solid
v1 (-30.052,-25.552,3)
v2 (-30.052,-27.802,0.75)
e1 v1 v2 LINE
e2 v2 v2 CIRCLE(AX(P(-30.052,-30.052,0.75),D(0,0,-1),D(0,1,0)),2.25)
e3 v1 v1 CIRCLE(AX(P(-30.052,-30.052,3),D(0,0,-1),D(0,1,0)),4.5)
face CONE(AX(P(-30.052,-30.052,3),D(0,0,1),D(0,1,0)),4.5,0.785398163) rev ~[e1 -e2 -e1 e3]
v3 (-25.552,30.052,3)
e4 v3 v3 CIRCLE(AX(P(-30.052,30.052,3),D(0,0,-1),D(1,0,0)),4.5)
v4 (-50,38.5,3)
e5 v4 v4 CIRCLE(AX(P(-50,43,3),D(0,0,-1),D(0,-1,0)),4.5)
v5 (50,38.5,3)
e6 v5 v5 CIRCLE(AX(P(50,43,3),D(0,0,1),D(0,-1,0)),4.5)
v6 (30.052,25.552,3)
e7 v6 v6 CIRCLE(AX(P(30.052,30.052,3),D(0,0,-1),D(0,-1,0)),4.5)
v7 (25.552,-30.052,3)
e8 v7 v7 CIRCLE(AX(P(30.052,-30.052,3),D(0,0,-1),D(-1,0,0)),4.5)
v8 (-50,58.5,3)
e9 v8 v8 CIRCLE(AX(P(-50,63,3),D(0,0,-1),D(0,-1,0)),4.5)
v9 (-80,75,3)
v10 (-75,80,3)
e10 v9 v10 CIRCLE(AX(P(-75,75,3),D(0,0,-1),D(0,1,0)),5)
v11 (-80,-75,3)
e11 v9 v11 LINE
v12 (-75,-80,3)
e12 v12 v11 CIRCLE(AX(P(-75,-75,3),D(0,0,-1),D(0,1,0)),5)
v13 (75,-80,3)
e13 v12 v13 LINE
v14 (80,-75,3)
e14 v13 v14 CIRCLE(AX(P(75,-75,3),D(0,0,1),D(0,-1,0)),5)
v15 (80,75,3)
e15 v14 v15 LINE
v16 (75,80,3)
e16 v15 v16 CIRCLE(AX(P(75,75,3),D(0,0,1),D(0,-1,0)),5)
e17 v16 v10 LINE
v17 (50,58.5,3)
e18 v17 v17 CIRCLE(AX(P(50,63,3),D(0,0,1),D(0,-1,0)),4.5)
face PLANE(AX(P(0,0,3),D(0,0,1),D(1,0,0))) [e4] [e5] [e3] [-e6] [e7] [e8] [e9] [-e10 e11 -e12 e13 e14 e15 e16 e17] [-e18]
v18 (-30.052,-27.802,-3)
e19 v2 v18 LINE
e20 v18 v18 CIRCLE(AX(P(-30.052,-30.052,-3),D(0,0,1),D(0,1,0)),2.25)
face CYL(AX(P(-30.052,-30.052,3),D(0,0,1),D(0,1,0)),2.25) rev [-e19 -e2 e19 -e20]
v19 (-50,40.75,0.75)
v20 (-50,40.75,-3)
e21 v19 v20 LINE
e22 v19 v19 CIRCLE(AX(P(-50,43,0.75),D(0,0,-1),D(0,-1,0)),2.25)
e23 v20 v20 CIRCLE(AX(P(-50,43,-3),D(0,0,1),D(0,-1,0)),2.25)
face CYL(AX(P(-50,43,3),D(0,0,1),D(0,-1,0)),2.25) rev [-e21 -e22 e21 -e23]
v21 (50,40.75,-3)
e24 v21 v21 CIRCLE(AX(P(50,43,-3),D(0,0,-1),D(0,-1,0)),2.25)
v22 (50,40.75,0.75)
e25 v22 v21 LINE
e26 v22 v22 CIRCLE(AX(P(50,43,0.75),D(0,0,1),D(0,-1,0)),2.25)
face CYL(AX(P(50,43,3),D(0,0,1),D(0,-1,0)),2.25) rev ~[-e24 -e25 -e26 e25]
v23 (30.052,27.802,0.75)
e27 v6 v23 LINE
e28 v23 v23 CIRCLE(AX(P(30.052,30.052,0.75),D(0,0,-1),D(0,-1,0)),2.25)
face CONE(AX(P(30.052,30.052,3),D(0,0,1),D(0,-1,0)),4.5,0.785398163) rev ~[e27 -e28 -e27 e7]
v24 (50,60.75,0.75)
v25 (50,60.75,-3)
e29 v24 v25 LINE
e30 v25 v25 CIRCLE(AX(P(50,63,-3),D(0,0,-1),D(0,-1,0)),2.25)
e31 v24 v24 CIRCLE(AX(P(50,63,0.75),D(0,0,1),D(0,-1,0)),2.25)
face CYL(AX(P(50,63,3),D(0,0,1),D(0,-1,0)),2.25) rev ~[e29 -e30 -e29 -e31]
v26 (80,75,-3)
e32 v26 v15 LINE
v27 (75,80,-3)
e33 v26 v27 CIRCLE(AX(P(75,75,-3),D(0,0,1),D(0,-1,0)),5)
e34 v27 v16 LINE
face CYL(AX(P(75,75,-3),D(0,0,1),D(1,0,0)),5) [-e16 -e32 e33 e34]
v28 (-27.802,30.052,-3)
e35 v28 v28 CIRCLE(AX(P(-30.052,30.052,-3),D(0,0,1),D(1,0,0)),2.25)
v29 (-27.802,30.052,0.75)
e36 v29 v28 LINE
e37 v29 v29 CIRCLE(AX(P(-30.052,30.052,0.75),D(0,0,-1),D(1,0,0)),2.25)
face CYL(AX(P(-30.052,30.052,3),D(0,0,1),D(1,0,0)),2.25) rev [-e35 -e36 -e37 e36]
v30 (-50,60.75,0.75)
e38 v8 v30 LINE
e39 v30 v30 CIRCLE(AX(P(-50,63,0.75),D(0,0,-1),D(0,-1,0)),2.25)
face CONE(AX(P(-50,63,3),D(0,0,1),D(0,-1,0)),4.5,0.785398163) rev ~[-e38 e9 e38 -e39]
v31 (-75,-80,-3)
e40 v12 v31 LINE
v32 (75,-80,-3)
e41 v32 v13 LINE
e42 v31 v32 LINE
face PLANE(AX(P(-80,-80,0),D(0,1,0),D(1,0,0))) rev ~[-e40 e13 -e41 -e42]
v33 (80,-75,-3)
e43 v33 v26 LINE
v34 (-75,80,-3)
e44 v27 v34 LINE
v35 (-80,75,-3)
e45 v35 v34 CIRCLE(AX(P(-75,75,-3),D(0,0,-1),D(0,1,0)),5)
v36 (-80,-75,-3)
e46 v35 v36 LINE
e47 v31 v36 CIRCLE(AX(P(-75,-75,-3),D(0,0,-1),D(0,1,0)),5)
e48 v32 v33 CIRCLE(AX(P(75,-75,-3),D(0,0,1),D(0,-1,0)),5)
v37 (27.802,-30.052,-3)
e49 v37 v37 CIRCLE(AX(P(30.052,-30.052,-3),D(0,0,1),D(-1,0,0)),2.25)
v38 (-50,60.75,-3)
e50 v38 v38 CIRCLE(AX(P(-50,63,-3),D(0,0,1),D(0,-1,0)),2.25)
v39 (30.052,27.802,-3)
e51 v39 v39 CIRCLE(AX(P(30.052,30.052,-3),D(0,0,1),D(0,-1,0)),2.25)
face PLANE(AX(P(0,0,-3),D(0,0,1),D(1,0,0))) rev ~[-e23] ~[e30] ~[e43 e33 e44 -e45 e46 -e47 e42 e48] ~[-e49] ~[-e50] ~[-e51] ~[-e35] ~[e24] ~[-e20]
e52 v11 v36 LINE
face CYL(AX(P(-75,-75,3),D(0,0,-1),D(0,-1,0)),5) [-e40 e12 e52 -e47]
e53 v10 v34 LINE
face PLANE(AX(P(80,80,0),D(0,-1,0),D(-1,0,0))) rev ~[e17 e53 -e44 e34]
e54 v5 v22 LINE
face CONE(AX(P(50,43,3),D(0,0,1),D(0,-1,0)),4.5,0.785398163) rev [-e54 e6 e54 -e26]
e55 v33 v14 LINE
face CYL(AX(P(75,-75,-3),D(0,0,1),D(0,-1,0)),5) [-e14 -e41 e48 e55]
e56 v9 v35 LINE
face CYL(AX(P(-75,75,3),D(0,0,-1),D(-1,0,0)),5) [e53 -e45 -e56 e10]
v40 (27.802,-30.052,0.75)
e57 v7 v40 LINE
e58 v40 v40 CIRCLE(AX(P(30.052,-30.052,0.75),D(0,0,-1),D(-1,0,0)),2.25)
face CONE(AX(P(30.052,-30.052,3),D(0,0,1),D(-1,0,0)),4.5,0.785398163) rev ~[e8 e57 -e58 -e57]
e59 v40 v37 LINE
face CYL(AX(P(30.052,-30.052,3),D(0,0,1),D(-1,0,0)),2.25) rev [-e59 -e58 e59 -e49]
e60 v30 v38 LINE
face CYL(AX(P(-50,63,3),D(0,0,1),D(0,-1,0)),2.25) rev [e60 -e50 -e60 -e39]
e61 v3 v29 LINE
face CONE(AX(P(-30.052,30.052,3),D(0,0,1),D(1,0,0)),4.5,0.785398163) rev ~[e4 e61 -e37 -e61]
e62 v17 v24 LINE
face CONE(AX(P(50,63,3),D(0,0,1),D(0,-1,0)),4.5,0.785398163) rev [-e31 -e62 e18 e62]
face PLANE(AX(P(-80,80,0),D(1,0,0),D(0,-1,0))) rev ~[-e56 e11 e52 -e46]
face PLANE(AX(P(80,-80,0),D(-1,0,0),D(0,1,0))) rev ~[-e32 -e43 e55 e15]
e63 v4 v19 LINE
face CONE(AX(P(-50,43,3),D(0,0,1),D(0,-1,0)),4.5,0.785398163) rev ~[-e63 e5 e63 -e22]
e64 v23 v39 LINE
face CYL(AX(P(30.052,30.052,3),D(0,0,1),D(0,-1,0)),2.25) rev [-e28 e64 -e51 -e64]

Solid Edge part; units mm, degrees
sketch "Sketch1" plane through (60.3162, 60.3162, 0) normal (0, 0, 1) x (1, 0, 0)
  line L0 (-140.3162, -140.3162) -> (19.6838, -140.3162)
  line L1 (19.6838, -140.3162) -> (19.6838, 19.6838)
  line L2 (19.6838, 19.6838) -> (-140.3162, 19.6838)
  line L3 (-140.3162, 19.6838) -> (-140.3162, -140.3162)
  dimension "D1" = 160
  dimension "D2" = 160
extrude "Protrusion1" add sketch "Sketch1" along normal mid plane 6
fillet "Verrundung_1" radius 5 4 edges at (-80, 80, 0) (80, 80, 0) (80, -80, 0) (-80, -80, 0)
hole "Bohrung_1" at (30.052, 30.052, 3) direction (0, 0, -1) diameter 4.5 end up to next countersink diameter 9 countersink angle 90
pattern_circular "Pattern1" count 4 over 360 about axis through (0, 0, 3) along (0, 0, 1) of "Bohrung_1"
hole "Bohrung_2" at (-50, 63, 3) direction (0, 0, -1) diameter 4.5 end up to next countersink diameter 9 countersink angle 90
hole "Hole1" at (-50, 43, 3) direction (0, 0, -1) diameter 4.5 end up to next countersink diameter 9 countersink angle 90
mirror "Mirror1" about plane through (0, 5.5244, 5.5244) normal (1, 0, 0) of "Bohrung_2", "Hole1"
properties material "Aluminium, 1060"
